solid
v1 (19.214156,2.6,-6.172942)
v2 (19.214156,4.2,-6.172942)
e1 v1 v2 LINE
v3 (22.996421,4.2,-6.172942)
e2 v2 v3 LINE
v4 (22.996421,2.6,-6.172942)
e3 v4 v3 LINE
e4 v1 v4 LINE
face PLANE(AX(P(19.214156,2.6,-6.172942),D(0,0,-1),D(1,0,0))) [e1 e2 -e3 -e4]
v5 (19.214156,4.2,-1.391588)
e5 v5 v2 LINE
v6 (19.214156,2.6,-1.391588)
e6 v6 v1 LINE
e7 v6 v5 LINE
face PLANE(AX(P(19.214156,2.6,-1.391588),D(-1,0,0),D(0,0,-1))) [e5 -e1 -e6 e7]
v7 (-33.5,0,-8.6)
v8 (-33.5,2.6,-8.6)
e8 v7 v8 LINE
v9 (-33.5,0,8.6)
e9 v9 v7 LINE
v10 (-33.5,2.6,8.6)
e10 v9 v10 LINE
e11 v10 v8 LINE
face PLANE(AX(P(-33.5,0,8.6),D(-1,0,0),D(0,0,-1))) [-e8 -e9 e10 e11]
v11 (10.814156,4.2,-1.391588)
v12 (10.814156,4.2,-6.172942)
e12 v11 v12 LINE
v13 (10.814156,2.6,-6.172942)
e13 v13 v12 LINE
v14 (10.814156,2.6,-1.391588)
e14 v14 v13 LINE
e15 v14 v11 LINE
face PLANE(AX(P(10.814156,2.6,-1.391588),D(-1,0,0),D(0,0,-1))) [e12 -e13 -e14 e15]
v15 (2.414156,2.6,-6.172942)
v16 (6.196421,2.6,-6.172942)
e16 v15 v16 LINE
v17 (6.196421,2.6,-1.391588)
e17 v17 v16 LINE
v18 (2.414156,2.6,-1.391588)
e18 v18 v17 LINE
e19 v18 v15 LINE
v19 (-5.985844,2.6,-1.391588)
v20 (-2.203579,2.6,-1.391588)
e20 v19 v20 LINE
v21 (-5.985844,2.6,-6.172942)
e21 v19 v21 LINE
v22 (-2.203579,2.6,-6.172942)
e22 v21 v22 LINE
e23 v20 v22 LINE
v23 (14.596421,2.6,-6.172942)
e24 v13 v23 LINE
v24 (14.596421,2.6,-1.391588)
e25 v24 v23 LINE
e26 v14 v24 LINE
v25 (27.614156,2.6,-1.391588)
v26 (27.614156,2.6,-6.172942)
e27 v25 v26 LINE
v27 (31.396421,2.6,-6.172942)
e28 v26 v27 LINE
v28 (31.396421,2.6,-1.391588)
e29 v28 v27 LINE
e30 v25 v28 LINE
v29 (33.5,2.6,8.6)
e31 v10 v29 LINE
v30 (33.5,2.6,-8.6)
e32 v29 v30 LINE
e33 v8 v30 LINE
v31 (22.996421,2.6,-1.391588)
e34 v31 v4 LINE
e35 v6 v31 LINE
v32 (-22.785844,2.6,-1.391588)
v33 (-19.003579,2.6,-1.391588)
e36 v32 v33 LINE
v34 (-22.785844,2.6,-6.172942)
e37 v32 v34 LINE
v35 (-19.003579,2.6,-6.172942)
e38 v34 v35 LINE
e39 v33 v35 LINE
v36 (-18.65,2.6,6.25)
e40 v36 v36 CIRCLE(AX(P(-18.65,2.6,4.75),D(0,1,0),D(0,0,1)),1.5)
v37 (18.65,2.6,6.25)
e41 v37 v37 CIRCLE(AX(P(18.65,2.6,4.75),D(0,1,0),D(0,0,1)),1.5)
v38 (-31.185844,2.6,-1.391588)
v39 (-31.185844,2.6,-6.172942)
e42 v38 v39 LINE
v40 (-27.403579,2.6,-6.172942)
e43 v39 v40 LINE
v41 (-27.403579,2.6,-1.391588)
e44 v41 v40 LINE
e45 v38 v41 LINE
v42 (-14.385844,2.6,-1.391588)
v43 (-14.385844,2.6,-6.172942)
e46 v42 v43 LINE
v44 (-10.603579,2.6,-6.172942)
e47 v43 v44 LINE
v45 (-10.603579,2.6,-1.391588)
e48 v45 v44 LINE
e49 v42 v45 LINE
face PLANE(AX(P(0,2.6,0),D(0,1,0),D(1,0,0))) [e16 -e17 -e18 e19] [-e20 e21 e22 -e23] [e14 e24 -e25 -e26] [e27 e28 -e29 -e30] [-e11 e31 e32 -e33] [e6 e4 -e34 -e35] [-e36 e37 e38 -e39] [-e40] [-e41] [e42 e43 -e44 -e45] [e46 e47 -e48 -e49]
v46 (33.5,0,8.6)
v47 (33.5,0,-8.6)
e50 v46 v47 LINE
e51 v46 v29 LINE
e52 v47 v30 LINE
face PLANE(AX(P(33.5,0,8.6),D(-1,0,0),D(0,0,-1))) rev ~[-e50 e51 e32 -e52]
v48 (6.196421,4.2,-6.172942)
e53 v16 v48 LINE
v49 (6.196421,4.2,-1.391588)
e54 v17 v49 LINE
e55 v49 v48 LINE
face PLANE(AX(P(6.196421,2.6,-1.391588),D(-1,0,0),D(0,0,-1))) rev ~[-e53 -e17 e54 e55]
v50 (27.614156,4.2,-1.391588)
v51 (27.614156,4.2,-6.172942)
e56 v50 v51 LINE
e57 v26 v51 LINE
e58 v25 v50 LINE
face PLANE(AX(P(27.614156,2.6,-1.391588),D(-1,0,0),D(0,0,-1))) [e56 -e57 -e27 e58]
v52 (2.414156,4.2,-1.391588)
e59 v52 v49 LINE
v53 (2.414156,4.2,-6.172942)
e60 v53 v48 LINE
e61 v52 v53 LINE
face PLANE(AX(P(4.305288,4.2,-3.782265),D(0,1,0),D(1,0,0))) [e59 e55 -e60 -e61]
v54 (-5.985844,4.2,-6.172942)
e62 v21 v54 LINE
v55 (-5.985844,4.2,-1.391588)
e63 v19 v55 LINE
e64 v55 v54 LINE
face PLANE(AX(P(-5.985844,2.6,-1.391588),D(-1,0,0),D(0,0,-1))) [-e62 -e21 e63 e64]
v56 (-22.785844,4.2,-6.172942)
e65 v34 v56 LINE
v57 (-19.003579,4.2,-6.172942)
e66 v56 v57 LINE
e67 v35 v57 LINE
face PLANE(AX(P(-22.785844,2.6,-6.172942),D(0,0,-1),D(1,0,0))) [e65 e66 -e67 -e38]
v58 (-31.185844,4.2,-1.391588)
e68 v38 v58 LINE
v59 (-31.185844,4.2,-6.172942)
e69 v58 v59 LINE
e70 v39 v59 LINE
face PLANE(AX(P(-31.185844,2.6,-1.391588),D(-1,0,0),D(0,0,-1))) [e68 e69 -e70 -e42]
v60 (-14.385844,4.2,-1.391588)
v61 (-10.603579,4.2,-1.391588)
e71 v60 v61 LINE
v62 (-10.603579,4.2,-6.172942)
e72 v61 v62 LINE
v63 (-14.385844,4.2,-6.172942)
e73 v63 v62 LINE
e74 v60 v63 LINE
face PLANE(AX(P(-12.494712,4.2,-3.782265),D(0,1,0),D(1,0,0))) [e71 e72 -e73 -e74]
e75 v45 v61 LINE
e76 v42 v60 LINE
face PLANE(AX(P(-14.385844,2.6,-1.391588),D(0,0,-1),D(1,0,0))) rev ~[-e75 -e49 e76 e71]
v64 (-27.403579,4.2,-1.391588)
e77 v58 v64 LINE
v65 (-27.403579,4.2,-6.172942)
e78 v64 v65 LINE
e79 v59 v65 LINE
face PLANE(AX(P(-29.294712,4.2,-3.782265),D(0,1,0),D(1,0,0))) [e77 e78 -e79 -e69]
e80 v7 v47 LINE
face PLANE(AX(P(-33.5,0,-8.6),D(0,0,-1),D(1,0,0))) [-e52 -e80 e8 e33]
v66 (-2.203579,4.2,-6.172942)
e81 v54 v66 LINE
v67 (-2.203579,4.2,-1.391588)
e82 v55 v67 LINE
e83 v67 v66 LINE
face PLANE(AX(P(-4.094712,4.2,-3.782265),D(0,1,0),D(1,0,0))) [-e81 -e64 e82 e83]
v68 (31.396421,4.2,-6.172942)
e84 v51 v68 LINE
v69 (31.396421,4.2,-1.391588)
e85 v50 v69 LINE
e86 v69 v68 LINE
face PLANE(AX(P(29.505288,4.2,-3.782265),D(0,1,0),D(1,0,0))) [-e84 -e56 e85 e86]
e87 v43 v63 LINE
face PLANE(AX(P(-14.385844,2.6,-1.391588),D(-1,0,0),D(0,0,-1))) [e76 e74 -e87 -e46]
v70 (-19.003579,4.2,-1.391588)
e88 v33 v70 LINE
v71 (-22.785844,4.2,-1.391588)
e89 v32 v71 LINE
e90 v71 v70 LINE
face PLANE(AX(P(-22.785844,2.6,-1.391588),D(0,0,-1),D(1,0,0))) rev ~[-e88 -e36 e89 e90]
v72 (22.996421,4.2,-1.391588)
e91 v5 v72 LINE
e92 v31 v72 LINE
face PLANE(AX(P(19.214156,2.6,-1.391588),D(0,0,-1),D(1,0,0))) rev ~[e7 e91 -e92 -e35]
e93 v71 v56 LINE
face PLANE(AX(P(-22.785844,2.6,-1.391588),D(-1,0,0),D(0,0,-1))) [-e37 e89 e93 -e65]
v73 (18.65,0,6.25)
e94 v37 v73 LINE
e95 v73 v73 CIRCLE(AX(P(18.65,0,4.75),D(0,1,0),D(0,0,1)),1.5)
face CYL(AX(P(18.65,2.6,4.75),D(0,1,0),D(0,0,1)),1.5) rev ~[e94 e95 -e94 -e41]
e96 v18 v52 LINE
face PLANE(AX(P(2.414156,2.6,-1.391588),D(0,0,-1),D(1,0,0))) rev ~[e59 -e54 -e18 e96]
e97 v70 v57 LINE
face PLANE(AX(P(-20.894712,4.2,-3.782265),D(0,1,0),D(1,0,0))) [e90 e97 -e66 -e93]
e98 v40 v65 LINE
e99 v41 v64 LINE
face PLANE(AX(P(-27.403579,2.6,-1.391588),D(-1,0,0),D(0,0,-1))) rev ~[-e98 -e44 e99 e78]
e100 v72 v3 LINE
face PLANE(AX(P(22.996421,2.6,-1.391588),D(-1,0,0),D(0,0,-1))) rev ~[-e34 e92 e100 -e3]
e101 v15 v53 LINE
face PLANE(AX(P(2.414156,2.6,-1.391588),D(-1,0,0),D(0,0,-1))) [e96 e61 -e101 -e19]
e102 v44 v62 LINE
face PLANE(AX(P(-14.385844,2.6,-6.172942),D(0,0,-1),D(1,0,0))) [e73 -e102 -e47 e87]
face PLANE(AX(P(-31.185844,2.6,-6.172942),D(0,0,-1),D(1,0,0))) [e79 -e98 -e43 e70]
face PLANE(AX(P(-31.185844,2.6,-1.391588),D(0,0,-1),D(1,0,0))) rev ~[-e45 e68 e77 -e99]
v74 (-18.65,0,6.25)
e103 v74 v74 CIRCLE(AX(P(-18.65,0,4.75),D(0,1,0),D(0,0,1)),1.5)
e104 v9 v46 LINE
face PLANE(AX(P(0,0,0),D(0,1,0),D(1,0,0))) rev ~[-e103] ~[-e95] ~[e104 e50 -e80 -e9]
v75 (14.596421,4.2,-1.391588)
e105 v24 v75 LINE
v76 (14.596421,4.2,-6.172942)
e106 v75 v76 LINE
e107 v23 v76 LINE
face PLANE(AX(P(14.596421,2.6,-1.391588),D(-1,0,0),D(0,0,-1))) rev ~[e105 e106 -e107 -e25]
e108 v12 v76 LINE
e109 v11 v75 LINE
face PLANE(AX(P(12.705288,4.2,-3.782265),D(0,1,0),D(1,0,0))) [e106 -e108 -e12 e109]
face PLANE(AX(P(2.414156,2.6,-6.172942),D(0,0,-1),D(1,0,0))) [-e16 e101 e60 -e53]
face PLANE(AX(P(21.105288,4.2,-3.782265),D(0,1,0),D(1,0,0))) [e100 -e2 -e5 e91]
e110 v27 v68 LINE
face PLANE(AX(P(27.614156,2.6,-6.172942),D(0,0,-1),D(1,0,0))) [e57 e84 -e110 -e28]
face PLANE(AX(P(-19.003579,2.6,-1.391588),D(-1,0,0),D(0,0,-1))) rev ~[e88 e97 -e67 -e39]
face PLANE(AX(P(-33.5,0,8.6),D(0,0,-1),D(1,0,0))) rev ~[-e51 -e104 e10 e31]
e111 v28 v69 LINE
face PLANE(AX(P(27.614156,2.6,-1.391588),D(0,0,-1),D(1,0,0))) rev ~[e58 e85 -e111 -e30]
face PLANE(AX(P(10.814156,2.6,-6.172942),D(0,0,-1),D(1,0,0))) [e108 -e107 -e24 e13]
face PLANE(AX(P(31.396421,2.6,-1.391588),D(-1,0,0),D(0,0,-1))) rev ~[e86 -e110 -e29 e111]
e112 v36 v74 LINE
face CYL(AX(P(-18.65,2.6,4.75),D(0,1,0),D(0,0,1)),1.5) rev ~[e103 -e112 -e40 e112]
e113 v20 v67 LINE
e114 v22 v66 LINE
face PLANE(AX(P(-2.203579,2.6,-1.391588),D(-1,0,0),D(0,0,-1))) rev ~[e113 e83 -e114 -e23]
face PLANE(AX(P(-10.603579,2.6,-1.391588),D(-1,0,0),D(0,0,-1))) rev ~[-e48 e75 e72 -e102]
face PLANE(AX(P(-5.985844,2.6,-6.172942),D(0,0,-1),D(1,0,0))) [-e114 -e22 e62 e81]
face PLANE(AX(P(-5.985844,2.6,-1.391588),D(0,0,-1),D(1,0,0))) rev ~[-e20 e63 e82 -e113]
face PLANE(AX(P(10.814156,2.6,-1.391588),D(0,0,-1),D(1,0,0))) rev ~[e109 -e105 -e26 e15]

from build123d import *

# Parameters (mm, degrees)
SKETCH1_W           = 67
SKETCH1_H           = 17.2
BOSS_EXTRUDE1_DEPTH = 2.6
SKETCH2_R           = 1.5
CUT_EXTRUDE1_DEPTH  = 2.6
SKETCH3_W           = 3.782264846
SKETCH3_H           = 4.781353673
BOSS_EXTRUDE2_DEPTH = 1.6


with BuildPart() as part:
    # Sketch1 → Boss-Extrude1 (new body)
    with BuildSketch(Plane(origin=(0, 0, 0), x_dir=(1, 0, 0), z_dir=(0, 1, 0))):
        Rectangle(SKETCH1_W, SKETCH1_H)
    extrude(amount=BOSS_EXTRUDE1_DEPTH)

    # Sketch2 → Cut-Extrude1 (cut)
    with BuildSketch(Plane(origin=(0, 2.6, 0), x_dir=(1, 0, 0), z_dir=(0, 1, 0))):
        with Locations(Location((-18.65, -4.75, 0), (0, 0, 270))):
            Circle(SKETCH2_R)
        with Locations(Location((18.65, -4.75, 0), (0, 0, 270))):
            Circle(SKETCH2_R)
    extrude(amount=-CUT_EXTRUDE1_DEPTH, mode=Mode.SUBTRACT)

    # Sketch3 → Boss-Extrude2 (add)
    with BuildSketch(Plane(origin=(0, 2.6, 0), x_dir=(1, 0, 0), z_dir=(0, 1, 0))):
        with Locations((-20.894711683, 3.782264846)):
            Rectangle(SKETCH3_W, SKETCH3_H)
        with Locations((-29.294711683, 3.782264846)):
            Rectangle(SKETCH3_W, SKETCH3_H)
        with Locations((-12.494711683, 3.782264846)):
            Rectangle(SKETCH3_W, SKETCH3_H)
        with Locations((-4.094711683, 3.782264846)):
            Rectangle(SKETCH3_W, SKETCH3_H)
        with Locations((4.305288317, 3.782264846)):
            Rectangle(SKETCH3_W, SKETCH3_H)
        with Locations((12.705288317, 3.782264846)):
            Rectangle(SKETCH3_W, SKETCH3_H)
        with Locations((21.105288317, 3.782264846)):
            Rectangle(SKETCH3_W, SKETCH3_H)
        with Locations((29.505288317, 3.782264846)):
            Rectangle(SKETCH3_W, SKETCH3_H)
    extrude(amount=BOSS_EXTRUDE2_DEPTH)


solid = part.part
